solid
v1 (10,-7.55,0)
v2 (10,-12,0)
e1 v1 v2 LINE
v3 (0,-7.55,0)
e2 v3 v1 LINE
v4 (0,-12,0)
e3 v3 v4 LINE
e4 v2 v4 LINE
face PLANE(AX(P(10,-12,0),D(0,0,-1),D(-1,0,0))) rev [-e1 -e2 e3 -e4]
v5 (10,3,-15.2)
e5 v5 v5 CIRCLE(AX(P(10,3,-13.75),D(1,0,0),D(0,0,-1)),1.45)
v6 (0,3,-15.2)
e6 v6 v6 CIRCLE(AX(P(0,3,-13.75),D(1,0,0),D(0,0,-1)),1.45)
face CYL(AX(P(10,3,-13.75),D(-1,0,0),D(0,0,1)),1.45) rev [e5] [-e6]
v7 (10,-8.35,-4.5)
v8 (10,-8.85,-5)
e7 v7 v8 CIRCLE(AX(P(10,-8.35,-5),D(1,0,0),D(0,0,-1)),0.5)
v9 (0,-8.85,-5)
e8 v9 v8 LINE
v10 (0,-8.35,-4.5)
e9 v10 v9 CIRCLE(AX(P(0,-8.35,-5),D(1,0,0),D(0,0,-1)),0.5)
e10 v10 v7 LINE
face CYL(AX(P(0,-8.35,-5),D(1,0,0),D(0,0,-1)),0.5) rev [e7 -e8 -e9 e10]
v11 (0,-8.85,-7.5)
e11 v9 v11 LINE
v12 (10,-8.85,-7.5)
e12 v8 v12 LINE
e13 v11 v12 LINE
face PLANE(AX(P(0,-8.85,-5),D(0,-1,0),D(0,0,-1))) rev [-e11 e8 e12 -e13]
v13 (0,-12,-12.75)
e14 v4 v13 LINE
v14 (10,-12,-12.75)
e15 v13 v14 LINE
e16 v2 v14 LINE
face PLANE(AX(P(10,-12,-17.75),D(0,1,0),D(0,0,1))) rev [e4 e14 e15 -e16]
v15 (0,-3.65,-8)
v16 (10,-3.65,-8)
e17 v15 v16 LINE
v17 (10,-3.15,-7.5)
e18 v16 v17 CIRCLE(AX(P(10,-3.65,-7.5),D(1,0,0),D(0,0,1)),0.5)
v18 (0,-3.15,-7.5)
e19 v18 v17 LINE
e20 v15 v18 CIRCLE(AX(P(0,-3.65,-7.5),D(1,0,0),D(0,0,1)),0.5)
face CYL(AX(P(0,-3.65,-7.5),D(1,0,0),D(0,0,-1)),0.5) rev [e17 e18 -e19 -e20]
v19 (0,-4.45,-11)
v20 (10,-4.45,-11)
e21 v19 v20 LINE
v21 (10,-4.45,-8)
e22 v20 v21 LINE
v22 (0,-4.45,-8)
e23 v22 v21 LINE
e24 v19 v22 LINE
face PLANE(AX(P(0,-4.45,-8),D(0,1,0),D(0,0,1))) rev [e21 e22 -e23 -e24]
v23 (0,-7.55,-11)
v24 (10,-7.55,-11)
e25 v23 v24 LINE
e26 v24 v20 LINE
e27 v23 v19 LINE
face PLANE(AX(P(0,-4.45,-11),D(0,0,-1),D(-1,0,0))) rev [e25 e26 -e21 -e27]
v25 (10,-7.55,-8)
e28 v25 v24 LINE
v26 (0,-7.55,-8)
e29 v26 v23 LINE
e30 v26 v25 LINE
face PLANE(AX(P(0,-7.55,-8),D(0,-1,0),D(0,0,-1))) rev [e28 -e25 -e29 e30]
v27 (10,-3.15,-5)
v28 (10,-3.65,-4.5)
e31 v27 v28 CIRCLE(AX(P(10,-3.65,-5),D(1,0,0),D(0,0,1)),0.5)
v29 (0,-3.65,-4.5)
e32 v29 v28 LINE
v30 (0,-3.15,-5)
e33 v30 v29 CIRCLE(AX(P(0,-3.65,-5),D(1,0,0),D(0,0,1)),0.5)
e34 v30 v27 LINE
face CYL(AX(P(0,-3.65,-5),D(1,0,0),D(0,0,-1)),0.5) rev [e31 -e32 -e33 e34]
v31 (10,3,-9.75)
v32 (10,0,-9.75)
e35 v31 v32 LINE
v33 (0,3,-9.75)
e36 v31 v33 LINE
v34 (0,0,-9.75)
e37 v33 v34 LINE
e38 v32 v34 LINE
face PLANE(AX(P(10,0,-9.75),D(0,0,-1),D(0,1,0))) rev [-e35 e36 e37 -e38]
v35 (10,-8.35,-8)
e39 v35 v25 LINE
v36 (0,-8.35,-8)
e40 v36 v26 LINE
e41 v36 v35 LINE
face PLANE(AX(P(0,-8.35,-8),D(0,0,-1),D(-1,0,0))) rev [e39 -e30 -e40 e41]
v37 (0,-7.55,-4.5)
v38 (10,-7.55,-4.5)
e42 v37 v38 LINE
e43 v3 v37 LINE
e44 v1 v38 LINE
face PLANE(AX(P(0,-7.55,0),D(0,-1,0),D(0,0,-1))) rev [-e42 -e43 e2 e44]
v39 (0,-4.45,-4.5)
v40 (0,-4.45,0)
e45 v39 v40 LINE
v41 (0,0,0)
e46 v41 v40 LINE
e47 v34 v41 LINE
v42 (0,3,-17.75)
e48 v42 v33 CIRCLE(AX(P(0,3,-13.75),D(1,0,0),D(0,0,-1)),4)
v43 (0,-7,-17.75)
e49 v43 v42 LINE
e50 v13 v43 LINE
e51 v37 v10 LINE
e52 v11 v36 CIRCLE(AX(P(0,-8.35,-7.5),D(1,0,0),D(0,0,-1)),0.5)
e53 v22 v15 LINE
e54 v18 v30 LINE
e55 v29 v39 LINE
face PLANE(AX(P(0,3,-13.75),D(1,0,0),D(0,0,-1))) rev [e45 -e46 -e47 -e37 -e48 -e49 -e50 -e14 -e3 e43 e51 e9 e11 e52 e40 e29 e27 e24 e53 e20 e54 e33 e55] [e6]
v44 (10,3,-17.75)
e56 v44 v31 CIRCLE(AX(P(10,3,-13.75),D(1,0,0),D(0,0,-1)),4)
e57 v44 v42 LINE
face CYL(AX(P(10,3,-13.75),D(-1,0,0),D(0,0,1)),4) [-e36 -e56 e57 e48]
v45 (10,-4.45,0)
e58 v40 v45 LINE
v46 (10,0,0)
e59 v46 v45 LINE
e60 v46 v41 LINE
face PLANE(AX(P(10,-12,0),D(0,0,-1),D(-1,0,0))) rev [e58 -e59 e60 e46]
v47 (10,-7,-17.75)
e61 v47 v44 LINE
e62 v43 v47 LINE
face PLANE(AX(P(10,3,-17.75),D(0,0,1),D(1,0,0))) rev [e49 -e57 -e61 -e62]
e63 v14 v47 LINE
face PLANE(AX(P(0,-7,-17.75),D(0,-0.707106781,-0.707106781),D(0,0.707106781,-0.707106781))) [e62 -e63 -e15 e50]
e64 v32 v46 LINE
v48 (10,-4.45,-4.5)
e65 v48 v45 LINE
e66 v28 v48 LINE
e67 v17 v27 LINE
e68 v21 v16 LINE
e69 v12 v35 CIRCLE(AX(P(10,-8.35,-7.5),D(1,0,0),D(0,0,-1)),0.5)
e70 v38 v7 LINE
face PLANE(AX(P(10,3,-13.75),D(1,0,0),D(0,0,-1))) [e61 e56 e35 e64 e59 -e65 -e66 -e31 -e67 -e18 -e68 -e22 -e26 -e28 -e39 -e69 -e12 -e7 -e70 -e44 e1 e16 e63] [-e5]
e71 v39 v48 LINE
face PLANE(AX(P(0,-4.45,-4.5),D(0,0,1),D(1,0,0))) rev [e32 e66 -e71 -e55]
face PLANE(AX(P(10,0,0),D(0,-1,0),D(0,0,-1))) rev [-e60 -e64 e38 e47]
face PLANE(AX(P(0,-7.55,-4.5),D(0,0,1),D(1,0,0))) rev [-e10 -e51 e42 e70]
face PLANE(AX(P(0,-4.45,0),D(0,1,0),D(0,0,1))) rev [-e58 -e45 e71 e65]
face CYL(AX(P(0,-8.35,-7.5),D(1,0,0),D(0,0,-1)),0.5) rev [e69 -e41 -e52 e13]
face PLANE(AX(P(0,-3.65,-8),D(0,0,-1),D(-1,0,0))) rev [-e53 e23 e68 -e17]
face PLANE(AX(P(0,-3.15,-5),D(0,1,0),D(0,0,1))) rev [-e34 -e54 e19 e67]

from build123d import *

# Parameters (mm, degrees)
SKETCH1_R           = 1.45
BOSS_EXTRUDE1_DEPTH = 10
CUT_EXTRUDE1_DEPTH  = 73.480414599
SKETCH3_OUTSIDE_W   = 79.465
SKETCH3_OUTSIDE_H   = 60.027
CUT_EXTRUDE2_DEPTH  = 10


with BuildPart() as part:
    # Sketch1 → Boss-Extrude1 (new body)
    with BuildSketch(Plane(origin=(0, 0, 0), x_dir=(0, 0, -1), z_dir=(1, 0, 0))):
        with BuildLine():
            Line((0, 0), (9.75, 0))
            Line((9.75, 0), (9.75, 3))
            ThreePointArc((9.75, 3), (13.75, 7), (17.75, 3))
            Line((17.75, 3), (17.75, -2.652410493))
            Line((17.75, -2.652410493), (60.297873163, -28.367393861))
            ThreePointArc((60.297873163, -28.367393861), (61.652223967, -33.859727964), (56.159889865, -35.214078769))
            Line((56.159889865, -35.214078769), (17.75, -12))
            Line((17.75, -12), (0, -12))
            Line((0, -12), (0, 0))
        make_face()
        with Locations((13.75, 3)):
            Circle(SKETCH1_R, mode=Mode.SUBTRACT)
        with Locations((58.228881514, -31.790736315)):
            Circle(SKETCH1_R, mode=Mode.SUBTRACT)
    extrude(amount=BOSS_EXTRUDE1_DEPTH)

    # Sketch2 → Cut-Extrude1 (cut, through all)
    with BuildSketch(Plane(origin=(10, 0, 0), x_dir=(0, 0, -1), z_dir=(1, 0, 0))):
        with BuildLine():
            Line((0, -7.55), (0, -4.45))
            Line((0, -4.45), (4.5, -4.45))
            Line((4.5, -4.45), (4.5, -3.65))
            ThreePointArc((4.5, -3.65), (4.646446609, -3.296446609), (5, -3.15))
            Line((5, -3.15), (7.5, -3.15))
            ThreePointArc((7.5, -3.15), (7.853553391, -3.296446609), (8, -3.65))
            Line((8, -3.65), (8, -4.45))
            Line((8, -4.45), (11, -4.45))
            Line((11, -4.45), (11, -7.55))
            Line((11, -7.55), (8, -7.55))
            Line((8, -7.55), (8, -8.35))
            ThreePointArc((8, -8.35), (7.853553391, -8.703553391), (7.5, -8.85))
            Line((7.5, -8.85), (5, -8.85))
            ThreePointArc((5, -8.85), (4.646446609, -8.703553391), (4.5, -8.35))
            Line((4.5, -8.35), (4.5, -7.55))
            Line((4.5, -7.55), (0, -7.55))
        make_face()
    extrude(amount=-CUT_EXTRUDE1_DEPTH, mode=Mode.SUBTRACT)

    # Sketch3 outside → Cut-Extrude2 (cut)
    with BuildSketch(Plane(origin=(10, 0, 0), x_dir=(0, 0, -1), z_dir=(1, 0, 0))):
        with Locations((31.1145, -14.3955)):
            Rectangle(SKETCH3_OUTSIDE_W, SKETCH3_OUTSIDE_H)
        Polygon((17.75, -7), (12.75, -12), (0, -12), (0, 0), (17.75, 43), align=None, mode=Mode.SUBTRACT)
    extrude(amount=-CUT_EXTRUDE2_DEPTH, mode=Mode.SUBTRACT)


solid = part.part
